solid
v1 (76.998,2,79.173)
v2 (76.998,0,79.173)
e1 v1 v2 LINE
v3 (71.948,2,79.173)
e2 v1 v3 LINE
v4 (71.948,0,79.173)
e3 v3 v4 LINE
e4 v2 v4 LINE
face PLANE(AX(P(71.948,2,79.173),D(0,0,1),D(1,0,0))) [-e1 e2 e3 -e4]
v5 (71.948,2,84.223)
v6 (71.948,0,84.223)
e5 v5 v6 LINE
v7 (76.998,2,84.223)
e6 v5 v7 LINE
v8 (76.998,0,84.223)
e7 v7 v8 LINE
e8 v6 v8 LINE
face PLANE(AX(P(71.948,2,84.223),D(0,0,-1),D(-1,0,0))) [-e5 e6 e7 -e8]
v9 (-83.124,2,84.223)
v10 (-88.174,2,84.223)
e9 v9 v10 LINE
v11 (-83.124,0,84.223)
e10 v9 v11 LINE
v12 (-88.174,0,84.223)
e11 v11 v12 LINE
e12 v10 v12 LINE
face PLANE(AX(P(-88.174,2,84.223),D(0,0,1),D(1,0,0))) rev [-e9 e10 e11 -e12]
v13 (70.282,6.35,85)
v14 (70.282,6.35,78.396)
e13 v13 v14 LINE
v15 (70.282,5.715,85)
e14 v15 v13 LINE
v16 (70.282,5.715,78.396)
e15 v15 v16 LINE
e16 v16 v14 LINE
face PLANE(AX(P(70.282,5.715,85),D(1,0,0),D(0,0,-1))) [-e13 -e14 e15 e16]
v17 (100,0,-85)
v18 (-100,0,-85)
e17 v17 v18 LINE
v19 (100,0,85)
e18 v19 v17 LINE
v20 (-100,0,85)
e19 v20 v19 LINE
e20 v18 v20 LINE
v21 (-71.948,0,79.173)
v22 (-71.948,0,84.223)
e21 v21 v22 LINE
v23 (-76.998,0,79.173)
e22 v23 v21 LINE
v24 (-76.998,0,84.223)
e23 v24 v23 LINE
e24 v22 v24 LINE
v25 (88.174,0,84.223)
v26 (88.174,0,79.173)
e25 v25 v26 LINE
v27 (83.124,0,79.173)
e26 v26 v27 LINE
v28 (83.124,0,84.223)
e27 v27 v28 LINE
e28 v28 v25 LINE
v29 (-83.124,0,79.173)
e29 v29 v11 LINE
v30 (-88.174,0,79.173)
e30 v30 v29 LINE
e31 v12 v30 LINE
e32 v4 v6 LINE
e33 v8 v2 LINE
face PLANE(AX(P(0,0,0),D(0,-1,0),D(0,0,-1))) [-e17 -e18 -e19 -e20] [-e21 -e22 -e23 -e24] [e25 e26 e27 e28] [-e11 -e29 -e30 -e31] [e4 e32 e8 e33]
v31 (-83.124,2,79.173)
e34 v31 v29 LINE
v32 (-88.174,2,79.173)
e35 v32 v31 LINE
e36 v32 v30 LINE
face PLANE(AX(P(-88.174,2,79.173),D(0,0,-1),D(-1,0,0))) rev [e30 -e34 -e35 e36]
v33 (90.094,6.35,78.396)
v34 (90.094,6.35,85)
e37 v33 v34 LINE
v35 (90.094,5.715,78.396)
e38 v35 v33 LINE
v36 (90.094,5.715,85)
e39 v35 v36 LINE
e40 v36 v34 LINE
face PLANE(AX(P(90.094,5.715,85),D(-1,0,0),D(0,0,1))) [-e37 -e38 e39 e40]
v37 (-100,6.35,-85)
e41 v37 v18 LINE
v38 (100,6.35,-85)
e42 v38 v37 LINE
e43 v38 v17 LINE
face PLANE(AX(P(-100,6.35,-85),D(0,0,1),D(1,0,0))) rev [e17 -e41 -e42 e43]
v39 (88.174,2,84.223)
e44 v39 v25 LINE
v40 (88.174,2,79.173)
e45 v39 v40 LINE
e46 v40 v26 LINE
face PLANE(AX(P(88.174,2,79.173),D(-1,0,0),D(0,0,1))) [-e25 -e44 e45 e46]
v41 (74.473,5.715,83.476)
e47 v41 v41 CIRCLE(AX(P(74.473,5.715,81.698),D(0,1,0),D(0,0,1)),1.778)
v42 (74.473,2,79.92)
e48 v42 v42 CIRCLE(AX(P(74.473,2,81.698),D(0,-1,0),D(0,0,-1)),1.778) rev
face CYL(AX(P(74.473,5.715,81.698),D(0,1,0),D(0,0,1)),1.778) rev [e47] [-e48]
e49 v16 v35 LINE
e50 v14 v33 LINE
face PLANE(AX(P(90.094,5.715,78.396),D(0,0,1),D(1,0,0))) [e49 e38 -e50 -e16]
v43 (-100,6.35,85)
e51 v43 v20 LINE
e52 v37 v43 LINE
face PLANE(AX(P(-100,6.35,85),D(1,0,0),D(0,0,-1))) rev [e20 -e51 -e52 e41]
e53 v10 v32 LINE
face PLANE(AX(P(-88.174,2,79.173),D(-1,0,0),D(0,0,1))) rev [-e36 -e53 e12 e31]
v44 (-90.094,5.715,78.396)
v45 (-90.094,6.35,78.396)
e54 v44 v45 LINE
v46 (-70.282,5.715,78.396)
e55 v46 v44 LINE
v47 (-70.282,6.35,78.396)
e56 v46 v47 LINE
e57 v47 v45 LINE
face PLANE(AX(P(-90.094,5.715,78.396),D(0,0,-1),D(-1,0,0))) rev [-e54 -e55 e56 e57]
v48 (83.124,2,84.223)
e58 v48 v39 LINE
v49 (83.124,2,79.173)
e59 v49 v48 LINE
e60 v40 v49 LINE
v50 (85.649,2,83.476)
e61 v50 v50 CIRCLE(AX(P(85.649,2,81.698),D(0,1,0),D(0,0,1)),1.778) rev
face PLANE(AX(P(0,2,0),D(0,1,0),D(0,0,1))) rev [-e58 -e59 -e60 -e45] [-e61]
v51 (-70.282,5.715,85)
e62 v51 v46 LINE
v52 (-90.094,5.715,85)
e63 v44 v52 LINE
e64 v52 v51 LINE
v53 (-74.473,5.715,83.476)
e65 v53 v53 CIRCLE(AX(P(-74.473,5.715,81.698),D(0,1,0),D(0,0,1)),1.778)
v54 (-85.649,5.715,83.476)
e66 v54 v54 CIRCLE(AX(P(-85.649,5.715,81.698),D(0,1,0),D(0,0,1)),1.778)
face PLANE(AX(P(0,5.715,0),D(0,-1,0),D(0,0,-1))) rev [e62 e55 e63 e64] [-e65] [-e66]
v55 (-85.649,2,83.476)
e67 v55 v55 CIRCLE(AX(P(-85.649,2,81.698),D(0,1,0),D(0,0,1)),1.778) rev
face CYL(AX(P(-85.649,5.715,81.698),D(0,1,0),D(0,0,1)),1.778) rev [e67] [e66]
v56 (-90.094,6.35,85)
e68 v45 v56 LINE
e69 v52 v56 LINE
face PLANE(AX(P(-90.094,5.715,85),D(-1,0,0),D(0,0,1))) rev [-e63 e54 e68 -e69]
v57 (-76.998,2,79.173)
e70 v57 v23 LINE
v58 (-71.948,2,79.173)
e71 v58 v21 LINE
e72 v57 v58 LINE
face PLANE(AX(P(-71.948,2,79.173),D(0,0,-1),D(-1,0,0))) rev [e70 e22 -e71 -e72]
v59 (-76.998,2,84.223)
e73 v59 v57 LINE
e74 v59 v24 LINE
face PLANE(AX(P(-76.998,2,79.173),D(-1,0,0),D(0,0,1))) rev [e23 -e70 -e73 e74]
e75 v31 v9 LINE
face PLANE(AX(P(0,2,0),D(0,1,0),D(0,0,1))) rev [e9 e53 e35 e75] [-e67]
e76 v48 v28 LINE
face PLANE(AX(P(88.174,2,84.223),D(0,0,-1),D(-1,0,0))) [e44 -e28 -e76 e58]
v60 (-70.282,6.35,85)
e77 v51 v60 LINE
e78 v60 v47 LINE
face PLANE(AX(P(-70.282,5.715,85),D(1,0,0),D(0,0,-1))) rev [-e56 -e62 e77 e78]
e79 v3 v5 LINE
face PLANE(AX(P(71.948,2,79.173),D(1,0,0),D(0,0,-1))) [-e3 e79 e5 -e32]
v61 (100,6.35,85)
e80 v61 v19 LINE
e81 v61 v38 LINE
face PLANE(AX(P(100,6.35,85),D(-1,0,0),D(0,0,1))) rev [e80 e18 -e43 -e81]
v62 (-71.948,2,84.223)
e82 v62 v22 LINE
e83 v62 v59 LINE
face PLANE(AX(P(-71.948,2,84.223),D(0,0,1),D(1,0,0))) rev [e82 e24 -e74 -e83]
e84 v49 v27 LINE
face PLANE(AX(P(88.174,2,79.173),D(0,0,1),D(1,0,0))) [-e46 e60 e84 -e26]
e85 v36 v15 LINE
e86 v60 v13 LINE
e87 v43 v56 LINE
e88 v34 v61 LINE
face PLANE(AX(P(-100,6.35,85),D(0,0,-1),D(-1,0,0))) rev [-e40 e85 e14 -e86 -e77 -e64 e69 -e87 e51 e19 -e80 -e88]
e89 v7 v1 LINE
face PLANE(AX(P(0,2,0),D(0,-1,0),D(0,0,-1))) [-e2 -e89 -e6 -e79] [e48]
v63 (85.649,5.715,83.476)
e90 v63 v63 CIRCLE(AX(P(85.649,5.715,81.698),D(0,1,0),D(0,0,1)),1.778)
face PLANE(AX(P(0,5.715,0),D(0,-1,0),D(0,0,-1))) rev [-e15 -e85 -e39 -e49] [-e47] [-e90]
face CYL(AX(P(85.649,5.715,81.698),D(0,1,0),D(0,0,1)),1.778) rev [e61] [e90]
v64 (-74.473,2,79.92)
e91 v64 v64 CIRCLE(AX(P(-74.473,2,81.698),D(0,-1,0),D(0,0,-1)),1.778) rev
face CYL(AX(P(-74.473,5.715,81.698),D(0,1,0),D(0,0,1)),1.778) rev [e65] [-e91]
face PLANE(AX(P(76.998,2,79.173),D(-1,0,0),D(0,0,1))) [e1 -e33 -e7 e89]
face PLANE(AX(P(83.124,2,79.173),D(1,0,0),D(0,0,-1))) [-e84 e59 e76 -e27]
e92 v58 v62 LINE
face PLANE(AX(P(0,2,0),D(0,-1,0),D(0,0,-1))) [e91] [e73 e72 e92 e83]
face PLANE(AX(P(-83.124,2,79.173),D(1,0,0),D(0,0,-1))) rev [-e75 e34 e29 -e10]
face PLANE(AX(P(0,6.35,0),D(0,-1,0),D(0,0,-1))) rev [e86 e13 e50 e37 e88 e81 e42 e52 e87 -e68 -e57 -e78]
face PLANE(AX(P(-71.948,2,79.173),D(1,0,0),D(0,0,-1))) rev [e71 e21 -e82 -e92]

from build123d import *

# Parameters (mm, degrees)
SKETCH1_W               = 200
SKETCH1_H               = 170
F_1_4_STEEL_PLATE_DEPTH = 6.35
SKETCH2_W               = 19.812
SKETCH2_H               = 6.604
BLADEHINGECUT_DEPTH     = 0.635
BLADEHINGEHOLE_D        = 3.556
SKETCH5_W               = 5.05
SKETCH5_H               = 5.05
BLADENUTCUT_DEPTH       = 2


with BuildPart() as part:
    # Sketch1 → 1/4" Steel Plate (new body)
    with BuildSketch(Plane(origin=(0, 0, 0), x_dir=(1, 0, 0), z_dir=(0, 1, 0))):
        Rectangle(SKETCH1_W, SKETCH1_H)
    extrude(amount=F_1_4_STEEL_PLATE_DEPTH)

    # Sketch2 → BladeHingeCut (cut)
    with BuildSketch(Plane(origin=(0, 6.35, 0), x_dir=(1, 0, 0), z_dir=(0, 1, 0))):
        with Locations((-80.188, -81.698)):
            Rectangle(SKETCH2_W, SKETCH2_H)
    bladehingecut = extrude(amount=-BLADEHINGECUT_DEPTH, mode=Mode.SUBTRACT)

    # BladeHingeHole (through all)
    with Locations(Plane(origin=(-74.473, 5.715, 81.698), x_dir=(0, 0, 1), z_dir=(0, 1, 0))):
        with Locations((0, 0), (0, -11.176)):
            bladehingehole = Hole(BLADEHINGEHOLE_D / 2)

    # Sketch5 → BladeNutCut (cut)
    with BuildSketch(Plane.XZ):
        with Locations((-85.649, 81.698)):
            Rectangle(SKETCH5_W, SKETCH5_H)
        with Locations((-74.473, 81.698)):
            Rectangle(SKETCH5_W, SKETCH5_H)
    bladenutcut = extrude(amount=-BLADENUTCUT_DEPTH, mode=Mode.SUBTRACT)

    # BladeHingeMirror: BladeHingeCut, BladeHingeHole, BladeNutCut across plane
    add(bladehingecut.mirror(Plane.ZY), mode=Mode.SUBTRACT)
    add(bladehingehole.mirror(Plane.ZY), mode=Mode.SUBTRACT)
    add(bladenutcut.mirror(Plane.ZY), mode=Mode.SUBTRACT)


solid = part.part
